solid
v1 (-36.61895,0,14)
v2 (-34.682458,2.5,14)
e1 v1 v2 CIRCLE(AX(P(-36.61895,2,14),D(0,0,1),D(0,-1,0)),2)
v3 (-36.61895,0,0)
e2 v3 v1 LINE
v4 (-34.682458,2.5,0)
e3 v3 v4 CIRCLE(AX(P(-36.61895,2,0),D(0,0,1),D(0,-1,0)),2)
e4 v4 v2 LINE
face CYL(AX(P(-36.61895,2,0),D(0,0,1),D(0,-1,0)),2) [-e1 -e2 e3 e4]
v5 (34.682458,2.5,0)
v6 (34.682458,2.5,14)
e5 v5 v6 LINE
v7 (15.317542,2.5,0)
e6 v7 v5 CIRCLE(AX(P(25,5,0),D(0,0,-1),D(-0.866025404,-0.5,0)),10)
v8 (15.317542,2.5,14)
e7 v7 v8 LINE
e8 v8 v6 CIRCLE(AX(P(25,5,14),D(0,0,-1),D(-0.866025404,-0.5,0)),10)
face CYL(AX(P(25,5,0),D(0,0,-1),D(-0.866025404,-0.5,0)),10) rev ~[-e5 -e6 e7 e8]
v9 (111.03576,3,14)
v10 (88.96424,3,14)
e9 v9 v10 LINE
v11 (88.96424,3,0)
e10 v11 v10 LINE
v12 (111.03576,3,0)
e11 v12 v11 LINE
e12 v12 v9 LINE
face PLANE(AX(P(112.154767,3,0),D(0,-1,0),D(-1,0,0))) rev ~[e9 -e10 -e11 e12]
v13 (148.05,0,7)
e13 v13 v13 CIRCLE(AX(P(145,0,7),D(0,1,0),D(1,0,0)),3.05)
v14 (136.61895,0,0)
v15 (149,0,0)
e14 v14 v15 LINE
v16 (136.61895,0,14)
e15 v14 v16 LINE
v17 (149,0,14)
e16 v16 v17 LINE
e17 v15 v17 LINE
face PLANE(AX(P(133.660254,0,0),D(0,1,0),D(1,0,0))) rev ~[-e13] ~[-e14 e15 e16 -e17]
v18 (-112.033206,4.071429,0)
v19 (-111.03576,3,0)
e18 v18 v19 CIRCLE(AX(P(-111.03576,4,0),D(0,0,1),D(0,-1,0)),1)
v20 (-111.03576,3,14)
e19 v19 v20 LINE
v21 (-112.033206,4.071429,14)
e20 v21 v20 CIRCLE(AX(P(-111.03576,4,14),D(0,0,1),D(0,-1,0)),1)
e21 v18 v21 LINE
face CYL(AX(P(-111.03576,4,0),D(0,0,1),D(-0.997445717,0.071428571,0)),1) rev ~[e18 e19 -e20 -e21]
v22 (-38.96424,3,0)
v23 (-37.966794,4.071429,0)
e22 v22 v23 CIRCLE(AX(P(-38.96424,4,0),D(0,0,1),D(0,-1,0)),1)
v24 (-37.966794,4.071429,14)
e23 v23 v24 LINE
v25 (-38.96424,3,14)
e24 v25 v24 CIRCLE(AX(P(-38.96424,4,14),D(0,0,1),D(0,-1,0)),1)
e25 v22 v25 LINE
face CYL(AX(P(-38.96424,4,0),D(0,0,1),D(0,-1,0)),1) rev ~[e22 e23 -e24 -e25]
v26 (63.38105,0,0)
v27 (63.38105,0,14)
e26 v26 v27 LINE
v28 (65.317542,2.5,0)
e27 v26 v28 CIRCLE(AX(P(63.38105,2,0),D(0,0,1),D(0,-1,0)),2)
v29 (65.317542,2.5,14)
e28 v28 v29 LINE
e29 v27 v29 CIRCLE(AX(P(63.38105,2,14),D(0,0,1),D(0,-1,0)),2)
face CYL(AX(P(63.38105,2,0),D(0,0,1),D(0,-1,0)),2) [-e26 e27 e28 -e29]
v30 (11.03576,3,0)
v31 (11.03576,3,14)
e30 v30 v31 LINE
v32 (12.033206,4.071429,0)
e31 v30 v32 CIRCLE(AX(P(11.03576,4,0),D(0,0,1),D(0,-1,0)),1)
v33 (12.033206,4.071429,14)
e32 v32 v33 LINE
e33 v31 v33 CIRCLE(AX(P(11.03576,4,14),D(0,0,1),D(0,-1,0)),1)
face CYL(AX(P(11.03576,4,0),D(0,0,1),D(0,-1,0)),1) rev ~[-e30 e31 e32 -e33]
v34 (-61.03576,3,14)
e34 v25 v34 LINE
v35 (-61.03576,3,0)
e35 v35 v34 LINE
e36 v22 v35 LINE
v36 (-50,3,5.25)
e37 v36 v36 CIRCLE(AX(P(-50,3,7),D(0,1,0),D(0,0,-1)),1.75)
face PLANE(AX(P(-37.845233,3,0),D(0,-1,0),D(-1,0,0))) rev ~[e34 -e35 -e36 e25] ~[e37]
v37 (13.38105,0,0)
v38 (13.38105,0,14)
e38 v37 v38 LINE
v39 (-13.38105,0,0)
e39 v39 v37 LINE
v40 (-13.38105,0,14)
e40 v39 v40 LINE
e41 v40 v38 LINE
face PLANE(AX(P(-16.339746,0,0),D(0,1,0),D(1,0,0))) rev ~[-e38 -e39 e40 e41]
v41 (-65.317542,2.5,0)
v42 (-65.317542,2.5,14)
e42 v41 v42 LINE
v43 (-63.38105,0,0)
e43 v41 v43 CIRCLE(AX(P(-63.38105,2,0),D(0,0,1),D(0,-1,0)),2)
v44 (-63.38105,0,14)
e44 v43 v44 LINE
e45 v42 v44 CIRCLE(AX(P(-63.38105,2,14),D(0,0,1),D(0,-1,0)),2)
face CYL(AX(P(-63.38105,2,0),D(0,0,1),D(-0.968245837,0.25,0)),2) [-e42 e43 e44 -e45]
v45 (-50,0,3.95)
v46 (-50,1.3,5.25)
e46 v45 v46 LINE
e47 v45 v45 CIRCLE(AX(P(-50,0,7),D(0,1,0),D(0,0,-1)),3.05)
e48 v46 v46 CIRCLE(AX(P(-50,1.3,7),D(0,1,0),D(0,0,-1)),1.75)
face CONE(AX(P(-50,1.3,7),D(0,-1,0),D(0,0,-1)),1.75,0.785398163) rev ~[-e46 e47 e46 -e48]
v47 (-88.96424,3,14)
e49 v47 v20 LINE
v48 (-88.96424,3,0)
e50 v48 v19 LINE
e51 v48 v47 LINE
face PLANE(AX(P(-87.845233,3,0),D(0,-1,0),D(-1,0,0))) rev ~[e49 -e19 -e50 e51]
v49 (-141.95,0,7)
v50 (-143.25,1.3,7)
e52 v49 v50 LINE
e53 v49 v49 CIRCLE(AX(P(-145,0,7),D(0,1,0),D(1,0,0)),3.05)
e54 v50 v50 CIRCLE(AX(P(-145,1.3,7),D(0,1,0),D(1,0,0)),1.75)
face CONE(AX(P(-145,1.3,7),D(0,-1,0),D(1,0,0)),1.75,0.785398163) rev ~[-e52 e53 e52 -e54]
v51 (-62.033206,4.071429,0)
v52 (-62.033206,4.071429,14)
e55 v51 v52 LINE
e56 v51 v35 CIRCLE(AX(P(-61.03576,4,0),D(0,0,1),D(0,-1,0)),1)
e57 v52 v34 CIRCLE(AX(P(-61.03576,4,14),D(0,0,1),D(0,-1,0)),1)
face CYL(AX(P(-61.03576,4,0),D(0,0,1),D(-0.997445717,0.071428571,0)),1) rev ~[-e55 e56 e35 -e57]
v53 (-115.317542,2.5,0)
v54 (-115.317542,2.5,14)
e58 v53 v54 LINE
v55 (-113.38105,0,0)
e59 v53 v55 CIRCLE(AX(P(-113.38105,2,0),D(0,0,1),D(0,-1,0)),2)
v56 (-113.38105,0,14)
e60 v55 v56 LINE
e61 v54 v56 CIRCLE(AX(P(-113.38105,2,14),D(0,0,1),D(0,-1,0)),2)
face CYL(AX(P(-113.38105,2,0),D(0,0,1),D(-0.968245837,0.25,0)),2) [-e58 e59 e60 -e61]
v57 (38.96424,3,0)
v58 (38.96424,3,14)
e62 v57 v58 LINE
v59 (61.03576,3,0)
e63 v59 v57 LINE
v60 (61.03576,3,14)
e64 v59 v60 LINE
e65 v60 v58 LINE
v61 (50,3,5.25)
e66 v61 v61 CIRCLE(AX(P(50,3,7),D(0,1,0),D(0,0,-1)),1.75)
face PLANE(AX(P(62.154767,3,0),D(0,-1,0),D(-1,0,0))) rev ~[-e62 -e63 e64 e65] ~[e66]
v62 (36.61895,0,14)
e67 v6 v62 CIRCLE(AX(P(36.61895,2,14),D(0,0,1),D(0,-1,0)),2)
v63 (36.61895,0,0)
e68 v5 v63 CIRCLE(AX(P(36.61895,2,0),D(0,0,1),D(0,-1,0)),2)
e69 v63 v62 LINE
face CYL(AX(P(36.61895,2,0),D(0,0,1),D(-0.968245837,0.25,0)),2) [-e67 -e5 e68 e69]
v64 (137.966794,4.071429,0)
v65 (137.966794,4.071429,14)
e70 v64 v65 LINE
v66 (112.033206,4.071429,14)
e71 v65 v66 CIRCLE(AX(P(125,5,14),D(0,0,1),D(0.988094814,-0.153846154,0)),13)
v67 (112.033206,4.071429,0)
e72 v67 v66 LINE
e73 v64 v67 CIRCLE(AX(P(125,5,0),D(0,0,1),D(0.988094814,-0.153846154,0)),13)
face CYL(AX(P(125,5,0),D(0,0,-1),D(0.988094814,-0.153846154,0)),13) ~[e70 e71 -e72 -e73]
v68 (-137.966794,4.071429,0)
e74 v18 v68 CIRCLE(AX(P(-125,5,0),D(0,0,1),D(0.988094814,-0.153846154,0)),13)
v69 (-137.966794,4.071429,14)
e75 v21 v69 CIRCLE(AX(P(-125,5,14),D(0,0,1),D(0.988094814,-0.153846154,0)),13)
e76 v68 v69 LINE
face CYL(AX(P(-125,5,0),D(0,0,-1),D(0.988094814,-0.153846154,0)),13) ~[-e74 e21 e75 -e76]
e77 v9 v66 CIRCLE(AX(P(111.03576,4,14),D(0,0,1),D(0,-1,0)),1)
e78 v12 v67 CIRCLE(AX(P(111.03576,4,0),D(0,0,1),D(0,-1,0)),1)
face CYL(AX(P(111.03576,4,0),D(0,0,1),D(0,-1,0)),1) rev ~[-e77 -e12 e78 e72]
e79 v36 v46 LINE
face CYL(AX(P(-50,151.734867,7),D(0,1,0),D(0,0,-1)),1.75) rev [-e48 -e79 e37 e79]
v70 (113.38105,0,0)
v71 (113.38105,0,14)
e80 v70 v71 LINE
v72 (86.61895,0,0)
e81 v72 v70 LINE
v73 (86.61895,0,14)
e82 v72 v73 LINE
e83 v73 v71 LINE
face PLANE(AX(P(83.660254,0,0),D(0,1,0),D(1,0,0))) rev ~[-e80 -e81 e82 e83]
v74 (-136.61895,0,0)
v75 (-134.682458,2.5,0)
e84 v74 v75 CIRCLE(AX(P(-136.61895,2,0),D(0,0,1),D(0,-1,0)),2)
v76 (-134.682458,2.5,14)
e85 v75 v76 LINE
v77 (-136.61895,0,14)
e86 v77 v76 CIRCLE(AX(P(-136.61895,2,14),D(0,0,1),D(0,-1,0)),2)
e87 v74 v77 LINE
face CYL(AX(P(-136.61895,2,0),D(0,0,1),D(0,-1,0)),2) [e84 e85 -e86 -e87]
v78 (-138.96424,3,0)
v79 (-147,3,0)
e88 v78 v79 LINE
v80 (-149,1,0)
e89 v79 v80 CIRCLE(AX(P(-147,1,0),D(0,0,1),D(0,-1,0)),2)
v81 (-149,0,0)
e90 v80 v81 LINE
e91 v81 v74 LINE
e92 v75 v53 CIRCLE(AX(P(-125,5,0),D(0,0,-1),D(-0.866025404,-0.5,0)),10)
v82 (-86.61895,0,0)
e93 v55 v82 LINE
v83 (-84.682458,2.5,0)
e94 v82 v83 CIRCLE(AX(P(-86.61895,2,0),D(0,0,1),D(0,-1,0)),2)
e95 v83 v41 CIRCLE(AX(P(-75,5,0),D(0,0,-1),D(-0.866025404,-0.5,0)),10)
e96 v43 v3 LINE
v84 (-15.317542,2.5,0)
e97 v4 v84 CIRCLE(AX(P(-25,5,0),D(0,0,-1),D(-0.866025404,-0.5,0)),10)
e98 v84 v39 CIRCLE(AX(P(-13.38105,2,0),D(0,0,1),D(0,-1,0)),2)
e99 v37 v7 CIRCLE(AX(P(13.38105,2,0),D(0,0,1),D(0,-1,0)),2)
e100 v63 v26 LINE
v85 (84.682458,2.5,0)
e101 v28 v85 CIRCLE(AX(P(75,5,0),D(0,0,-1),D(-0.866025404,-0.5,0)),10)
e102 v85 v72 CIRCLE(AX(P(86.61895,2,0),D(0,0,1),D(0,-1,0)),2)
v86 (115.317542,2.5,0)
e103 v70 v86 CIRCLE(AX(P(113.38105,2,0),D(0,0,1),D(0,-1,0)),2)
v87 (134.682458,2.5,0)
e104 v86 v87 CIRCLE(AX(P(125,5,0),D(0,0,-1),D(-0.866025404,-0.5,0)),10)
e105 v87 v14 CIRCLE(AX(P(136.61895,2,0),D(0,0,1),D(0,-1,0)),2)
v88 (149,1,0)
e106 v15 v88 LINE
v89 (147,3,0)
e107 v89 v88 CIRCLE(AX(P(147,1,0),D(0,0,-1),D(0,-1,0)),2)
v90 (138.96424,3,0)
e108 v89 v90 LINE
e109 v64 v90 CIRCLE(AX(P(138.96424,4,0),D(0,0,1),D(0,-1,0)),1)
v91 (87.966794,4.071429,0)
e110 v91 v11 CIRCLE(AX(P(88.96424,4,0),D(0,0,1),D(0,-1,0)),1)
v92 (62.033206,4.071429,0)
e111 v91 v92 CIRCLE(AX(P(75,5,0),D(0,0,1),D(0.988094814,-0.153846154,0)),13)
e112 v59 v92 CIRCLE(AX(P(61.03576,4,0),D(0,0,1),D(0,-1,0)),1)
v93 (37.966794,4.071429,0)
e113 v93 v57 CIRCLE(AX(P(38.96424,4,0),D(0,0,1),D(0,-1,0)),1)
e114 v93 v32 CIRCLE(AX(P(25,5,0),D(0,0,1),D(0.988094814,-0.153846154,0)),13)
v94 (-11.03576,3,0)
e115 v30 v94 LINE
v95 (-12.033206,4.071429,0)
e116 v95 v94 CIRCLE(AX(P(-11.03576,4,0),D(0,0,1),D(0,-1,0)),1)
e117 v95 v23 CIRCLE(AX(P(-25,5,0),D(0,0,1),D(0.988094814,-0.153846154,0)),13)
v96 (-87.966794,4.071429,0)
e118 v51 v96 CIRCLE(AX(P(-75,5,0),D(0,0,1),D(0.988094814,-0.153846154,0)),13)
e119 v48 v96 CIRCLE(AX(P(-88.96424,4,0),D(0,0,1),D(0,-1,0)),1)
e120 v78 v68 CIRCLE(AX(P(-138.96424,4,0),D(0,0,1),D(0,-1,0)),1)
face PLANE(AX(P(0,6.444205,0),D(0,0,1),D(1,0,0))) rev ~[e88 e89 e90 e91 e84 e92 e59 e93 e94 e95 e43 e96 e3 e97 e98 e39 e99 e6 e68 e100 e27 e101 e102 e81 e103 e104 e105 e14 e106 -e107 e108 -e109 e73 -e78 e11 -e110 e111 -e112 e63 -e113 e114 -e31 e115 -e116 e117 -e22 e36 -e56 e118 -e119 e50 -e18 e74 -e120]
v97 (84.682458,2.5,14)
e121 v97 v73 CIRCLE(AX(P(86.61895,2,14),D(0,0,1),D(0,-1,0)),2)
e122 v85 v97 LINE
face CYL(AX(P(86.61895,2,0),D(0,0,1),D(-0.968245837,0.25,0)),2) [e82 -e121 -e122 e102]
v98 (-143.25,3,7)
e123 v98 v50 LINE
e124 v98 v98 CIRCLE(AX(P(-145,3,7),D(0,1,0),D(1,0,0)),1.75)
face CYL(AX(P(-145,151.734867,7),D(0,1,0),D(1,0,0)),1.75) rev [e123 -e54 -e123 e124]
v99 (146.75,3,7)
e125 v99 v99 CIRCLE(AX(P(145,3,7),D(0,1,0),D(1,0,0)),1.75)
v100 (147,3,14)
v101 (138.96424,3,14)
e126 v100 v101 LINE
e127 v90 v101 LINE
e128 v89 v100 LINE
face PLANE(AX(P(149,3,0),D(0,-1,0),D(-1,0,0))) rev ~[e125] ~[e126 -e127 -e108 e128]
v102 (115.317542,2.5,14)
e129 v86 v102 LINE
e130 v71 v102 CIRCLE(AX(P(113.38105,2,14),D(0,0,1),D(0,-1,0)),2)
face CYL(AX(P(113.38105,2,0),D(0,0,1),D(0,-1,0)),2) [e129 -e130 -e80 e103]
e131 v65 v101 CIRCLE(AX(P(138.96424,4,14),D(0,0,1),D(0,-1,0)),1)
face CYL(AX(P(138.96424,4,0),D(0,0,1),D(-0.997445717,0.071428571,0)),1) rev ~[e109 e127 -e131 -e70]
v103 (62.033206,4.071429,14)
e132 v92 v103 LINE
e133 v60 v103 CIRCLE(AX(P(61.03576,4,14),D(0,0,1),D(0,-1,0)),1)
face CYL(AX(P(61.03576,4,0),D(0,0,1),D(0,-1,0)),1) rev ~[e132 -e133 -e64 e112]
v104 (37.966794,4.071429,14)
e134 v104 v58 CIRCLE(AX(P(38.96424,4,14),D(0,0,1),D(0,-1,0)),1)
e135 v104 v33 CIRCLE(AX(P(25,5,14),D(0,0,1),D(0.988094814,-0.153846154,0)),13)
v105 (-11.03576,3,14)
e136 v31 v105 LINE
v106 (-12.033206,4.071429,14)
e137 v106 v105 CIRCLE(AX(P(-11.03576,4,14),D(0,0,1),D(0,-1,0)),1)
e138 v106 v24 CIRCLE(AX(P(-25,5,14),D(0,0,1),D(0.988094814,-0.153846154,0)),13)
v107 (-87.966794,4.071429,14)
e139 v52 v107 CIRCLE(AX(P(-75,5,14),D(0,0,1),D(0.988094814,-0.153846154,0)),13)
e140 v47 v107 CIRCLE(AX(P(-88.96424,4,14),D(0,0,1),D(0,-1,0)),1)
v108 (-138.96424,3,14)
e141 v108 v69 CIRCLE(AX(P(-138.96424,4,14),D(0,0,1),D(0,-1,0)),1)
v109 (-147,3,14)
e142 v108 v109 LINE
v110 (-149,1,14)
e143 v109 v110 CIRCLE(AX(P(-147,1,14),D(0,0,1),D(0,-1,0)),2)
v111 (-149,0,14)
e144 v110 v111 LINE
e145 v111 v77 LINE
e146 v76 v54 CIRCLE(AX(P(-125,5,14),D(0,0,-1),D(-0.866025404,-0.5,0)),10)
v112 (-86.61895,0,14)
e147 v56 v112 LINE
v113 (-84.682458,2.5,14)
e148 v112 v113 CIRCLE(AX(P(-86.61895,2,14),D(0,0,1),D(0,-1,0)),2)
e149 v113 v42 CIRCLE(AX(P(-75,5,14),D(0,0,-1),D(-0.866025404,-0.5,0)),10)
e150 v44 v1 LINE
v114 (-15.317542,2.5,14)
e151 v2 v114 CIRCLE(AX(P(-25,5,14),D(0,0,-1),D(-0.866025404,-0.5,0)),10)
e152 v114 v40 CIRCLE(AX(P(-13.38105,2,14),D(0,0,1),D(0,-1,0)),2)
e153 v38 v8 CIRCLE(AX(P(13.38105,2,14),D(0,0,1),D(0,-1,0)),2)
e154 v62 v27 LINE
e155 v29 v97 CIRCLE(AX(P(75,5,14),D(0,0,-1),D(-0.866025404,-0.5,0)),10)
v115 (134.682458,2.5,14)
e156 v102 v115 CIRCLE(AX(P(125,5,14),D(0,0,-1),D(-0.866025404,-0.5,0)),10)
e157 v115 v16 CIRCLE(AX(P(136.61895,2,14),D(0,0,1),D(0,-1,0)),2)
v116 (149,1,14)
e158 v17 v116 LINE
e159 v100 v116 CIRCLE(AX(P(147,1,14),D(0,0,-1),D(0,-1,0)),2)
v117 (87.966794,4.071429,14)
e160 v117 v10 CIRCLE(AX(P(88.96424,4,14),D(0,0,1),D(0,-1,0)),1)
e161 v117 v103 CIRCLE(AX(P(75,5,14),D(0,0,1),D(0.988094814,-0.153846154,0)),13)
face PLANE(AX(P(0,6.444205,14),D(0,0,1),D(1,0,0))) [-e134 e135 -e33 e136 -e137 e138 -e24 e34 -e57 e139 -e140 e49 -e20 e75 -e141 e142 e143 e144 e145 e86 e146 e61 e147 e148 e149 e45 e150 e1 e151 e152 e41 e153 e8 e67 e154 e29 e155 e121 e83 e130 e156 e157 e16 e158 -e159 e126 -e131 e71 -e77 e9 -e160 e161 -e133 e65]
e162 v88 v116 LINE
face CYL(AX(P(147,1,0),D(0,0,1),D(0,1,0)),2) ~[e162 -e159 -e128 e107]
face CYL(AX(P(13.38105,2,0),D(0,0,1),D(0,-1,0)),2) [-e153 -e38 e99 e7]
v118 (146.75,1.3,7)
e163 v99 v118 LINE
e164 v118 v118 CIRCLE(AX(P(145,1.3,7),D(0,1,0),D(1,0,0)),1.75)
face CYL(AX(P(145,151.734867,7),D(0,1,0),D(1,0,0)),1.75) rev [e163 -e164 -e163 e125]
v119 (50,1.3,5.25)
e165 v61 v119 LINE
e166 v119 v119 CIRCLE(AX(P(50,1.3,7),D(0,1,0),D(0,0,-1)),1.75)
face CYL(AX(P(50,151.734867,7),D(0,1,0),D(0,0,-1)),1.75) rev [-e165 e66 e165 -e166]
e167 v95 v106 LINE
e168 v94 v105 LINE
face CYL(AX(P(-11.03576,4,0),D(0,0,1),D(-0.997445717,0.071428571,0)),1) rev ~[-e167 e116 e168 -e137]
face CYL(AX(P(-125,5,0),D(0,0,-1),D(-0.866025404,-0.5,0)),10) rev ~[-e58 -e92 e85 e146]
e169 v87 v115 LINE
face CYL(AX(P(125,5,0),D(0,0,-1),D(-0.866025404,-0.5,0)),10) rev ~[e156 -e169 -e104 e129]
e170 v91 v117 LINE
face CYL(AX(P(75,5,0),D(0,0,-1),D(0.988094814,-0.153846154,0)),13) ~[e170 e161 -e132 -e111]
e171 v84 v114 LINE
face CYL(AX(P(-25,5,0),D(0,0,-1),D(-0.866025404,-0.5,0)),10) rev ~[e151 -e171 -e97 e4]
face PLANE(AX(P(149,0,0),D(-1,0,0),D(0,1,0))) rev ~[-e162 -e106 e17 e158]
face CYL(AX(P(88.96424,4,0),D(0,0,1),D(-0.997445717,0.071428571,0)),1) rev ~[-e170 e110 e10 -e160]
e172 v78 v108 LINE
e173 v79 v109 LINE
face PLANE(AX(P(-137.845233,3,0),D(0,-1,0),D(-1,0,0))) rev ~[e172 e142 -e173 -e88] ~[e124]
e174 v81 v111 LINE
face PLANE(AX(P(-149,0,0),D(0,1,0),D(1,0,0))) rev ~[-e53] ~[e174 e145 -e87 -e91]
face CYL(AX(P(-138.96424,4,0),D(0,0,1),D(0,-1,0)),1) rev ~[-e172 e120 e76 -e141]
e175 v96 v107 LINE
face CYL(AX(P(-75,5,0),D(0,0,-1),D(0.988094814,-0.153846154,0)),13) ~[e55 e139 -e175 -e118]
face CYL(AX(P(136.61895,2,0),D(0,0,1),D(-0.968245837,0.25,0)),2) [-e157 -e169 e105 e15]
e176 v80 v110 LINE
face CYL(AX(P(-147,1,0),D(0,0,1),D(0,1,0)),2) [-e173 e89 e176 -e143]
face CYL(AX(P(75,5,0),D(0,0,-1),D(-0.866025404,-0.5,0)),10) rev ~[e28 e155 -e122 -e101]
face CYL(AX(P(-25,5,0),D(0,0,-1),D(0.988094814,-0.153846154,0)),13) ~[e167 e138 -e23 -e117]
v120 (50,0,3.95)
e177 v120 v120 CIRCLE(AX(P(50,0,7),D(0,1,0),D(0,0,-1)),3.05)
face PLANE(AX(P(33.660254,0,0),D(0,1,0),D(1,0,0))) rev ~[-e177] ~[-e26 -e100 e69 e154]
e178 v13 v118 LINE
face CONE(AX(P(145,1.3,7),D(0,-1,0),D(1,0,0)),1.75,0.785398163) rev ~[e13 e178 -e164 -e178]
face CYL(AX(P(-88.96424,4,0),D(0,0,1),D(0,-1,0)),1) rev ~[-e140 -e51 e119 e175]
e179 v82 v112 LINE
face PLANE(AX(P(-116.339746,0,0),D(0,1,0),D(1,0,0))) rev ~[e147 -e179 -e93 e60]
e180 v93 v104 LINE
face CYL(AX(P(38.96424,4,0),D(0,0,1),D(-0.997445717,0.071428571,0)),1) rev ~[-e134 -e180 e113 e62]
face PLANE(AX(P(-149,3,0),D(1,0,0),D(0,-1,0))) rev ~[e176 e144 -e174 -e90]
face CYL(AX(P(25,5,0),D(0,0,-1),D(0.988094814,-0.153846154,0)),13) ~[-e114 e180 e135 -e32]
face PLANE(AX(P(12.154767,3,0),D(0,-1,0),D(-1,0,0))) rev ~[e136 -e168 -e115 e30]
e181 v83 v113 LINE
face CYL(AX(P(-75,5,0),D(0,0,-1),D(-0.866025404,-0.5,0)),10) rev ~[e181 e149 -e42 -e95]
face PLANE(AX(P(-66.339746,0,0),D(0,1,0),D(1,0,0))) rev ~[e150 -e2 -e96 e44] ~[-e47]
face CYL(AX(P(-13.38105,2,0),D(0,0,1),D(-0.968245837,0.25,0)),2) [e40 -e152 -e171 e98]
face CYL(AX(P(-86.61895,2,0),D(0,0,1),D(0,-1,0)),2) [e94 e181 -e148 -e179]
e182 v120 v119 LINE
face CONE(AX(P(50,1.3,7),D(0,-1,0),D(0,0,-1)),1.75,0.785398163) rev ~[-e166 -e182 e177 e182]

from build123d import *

# Parameters (mm, degrees)
EXTRU_MINCE1_DEPTH           = 14
CONG_1_R                     = 2
CONG_2_R                     = 1
CONG_3_R                     = 2
ENL_V_MAT_EXTRU_1_DEPTH      = 151.73486657
ENL_V_MAT_EXTRU_1_DEPTH_BACK = 151.73486657
ESQUISSE2_R                  = 1.75
CHANFREIN1_SIZE              = 1.3


with BuildPart() as part:
    # Esquisse1 → Extru.-Mince1 (new body)
    with BuildSketch(Plane.XY):
        with BuildLine():
            Line((-149, 0), (-133.660254038, 0))
            ThreePointArc((-133.660254038, 0), (-125, 15), (-116.339745962, 0))
            Line((-116.339745962, 0), (-83.660254038, 0))
            ThreePointArc((-83.660254038, 0), (-75, 15), (-66.339745962, 0))
            Line((-66.339745962, 0), (-33.660254038, 0))
            ThreePointArc((-33.660254038, 0), (-25, 15), (-16.339745962, 0))
            Line((-16.339745962, 0), (16.339745962, 0))
            ThreePointArc((16.339745962, 0), (25, 15), (33.660254038, 0))
            Line((33.660254038, 0), (66.339745962, 0))
            ThreePointArc((66.339745962, 0), (75, 15), (83.660254038, 0))
            Line((83.660254038, 0), (116.339745962, 0))
            ThreePointArc((116.339745962, 0), (125, 15), (133.660254038, 0))
            Line((133.660254038, 0), (149, 0))
            Line((149, 0), (149, 3))
            Line((149, 3), (137.845232579, 3))
            ThreePointArc((137.845232579, 3), (125, 18), (112.154767421, 3))
            Line((112.154767421, 3), (87.845232579, 3))
            ThreePointArc((87.845232579, 3), (75, 18), (62.154767421, 3))
            Line((62.154767421, 3), (37.845232579, 3))
            ThreePointArc((37.845232579, 3), (25, 18), (12.154767421, 3))
            Line((12.154767421, 3), (-12.154767421, 3))
            ThreePointArc((-12.154767421, 3), (-25, 18), (-37.845232579, 3))
            Line((-37.845232579, 3), (-62.154767421, 3))
            ThreePointArc((-62.154767421, 3), (-75, 18), (-87.845232579, 3))
            Line((-87.845232579, 3), (-112.154767421, 3))
            ThreePointArc((-112.154767421, 3), (-125, 18), (-137.845232579, 3))
            Line((-137.845232579, 3), (-149, 3))
            Line((-149, 3), (-149, 0))
        make_face()
    extrude(amount=EXTRU_MINCE1_DEPTH)

    # Congé1
    cong_1_edges = [part.edges().sort_by_distance(p)[0] for p in [
        (133.660254038, 0, 7),
        (116.339745962, 0, 7),
        (83.660254038, 0, 7),
        (66.339745962, 0, 7),
        (33.660254038, 0, 7),
        (16.339745962, 0, 7),
        (-16.339745962, 0, 7),
        (-33.660254038, 0, 7),
        (-66.339745962, 0, 7),
        (-83.660254038, 0, 7),
        (-116.339745962, 0, 7),
        (-133.660254038, 0, 7),
    ]]
    fillet(cong_1_edges, radius=CONG_1_R)

    # Congé2
    cong_2_edges = [part.edges().sort_by_distance(p)[0] for p in [
        (-137.845232579, 3, 7),
        (-112.154767421, 3, 7),
        (-87.845232579, 3, 7),
        (-62.154767421, 3, 7),
        (-37.845232579, 3, 7),
        (-12.154767421, 3, 7),
        (12.154767421, 3, 7),
        (37.845232579, 3, 7),
        (62.154767421, 3, 7),
        (87.845232579, 3, 7),
        (112.154767421, 3, 7),
        (137.845232579, 3, 7),
    ]]
    fillet(cong_2_edges, radius=CONG_2_R)

    # Congé3
    cong_3_edges = [part.edges().sort_by_distance(p)[0] for p in [
        (149, 3, 7),
        (-149, 3, 7),
    ]]
    fillet(cong_3_edges, radius=CONG_3_R)

    # Esquisse2 → Enlèv. mat.-Extru.1 (cut, two sides: drawn at the far end of the back side and taken through both)
    with BuildSketch(Plane.XZ.offset(-ENL_V_MAT_EXTRU_1_DEPTH_BACK)):
        with Locations((-145, 7)):
            Circle(ESQUISSE2_R)
        with Locations((145, 7)):
            Circle(ESQUISSE2_R)
        with Locations(Location((-50, 7, 0), (0, 0, 270))):
            Circle(ESQUISSE2_R)
        with Locations(Location((50, 7, 0), (0, 0, 270))):
            Circle(ESQUISSE2_R)
    extrude(amount=ENL_V_MAT_EXTRU_1_DEPTH + ENL_V_MAT_EXTRU_1_DEPTH_BACK, mode=Mode.SUBTRACT)

    # Chanfrein1
    chanfrein1_edges = [part.edges().sort_by_distance(p)[0] for p in [
        (-146.75, 0, 7),
        (50, 0, 8.75),
        (-50, 0, 8.75),
        (143.25, 0, 7),
    ]]
    chamfer(chanfrein1_edges, length=CHANFREIN1_SIZE)


solid = part.part
